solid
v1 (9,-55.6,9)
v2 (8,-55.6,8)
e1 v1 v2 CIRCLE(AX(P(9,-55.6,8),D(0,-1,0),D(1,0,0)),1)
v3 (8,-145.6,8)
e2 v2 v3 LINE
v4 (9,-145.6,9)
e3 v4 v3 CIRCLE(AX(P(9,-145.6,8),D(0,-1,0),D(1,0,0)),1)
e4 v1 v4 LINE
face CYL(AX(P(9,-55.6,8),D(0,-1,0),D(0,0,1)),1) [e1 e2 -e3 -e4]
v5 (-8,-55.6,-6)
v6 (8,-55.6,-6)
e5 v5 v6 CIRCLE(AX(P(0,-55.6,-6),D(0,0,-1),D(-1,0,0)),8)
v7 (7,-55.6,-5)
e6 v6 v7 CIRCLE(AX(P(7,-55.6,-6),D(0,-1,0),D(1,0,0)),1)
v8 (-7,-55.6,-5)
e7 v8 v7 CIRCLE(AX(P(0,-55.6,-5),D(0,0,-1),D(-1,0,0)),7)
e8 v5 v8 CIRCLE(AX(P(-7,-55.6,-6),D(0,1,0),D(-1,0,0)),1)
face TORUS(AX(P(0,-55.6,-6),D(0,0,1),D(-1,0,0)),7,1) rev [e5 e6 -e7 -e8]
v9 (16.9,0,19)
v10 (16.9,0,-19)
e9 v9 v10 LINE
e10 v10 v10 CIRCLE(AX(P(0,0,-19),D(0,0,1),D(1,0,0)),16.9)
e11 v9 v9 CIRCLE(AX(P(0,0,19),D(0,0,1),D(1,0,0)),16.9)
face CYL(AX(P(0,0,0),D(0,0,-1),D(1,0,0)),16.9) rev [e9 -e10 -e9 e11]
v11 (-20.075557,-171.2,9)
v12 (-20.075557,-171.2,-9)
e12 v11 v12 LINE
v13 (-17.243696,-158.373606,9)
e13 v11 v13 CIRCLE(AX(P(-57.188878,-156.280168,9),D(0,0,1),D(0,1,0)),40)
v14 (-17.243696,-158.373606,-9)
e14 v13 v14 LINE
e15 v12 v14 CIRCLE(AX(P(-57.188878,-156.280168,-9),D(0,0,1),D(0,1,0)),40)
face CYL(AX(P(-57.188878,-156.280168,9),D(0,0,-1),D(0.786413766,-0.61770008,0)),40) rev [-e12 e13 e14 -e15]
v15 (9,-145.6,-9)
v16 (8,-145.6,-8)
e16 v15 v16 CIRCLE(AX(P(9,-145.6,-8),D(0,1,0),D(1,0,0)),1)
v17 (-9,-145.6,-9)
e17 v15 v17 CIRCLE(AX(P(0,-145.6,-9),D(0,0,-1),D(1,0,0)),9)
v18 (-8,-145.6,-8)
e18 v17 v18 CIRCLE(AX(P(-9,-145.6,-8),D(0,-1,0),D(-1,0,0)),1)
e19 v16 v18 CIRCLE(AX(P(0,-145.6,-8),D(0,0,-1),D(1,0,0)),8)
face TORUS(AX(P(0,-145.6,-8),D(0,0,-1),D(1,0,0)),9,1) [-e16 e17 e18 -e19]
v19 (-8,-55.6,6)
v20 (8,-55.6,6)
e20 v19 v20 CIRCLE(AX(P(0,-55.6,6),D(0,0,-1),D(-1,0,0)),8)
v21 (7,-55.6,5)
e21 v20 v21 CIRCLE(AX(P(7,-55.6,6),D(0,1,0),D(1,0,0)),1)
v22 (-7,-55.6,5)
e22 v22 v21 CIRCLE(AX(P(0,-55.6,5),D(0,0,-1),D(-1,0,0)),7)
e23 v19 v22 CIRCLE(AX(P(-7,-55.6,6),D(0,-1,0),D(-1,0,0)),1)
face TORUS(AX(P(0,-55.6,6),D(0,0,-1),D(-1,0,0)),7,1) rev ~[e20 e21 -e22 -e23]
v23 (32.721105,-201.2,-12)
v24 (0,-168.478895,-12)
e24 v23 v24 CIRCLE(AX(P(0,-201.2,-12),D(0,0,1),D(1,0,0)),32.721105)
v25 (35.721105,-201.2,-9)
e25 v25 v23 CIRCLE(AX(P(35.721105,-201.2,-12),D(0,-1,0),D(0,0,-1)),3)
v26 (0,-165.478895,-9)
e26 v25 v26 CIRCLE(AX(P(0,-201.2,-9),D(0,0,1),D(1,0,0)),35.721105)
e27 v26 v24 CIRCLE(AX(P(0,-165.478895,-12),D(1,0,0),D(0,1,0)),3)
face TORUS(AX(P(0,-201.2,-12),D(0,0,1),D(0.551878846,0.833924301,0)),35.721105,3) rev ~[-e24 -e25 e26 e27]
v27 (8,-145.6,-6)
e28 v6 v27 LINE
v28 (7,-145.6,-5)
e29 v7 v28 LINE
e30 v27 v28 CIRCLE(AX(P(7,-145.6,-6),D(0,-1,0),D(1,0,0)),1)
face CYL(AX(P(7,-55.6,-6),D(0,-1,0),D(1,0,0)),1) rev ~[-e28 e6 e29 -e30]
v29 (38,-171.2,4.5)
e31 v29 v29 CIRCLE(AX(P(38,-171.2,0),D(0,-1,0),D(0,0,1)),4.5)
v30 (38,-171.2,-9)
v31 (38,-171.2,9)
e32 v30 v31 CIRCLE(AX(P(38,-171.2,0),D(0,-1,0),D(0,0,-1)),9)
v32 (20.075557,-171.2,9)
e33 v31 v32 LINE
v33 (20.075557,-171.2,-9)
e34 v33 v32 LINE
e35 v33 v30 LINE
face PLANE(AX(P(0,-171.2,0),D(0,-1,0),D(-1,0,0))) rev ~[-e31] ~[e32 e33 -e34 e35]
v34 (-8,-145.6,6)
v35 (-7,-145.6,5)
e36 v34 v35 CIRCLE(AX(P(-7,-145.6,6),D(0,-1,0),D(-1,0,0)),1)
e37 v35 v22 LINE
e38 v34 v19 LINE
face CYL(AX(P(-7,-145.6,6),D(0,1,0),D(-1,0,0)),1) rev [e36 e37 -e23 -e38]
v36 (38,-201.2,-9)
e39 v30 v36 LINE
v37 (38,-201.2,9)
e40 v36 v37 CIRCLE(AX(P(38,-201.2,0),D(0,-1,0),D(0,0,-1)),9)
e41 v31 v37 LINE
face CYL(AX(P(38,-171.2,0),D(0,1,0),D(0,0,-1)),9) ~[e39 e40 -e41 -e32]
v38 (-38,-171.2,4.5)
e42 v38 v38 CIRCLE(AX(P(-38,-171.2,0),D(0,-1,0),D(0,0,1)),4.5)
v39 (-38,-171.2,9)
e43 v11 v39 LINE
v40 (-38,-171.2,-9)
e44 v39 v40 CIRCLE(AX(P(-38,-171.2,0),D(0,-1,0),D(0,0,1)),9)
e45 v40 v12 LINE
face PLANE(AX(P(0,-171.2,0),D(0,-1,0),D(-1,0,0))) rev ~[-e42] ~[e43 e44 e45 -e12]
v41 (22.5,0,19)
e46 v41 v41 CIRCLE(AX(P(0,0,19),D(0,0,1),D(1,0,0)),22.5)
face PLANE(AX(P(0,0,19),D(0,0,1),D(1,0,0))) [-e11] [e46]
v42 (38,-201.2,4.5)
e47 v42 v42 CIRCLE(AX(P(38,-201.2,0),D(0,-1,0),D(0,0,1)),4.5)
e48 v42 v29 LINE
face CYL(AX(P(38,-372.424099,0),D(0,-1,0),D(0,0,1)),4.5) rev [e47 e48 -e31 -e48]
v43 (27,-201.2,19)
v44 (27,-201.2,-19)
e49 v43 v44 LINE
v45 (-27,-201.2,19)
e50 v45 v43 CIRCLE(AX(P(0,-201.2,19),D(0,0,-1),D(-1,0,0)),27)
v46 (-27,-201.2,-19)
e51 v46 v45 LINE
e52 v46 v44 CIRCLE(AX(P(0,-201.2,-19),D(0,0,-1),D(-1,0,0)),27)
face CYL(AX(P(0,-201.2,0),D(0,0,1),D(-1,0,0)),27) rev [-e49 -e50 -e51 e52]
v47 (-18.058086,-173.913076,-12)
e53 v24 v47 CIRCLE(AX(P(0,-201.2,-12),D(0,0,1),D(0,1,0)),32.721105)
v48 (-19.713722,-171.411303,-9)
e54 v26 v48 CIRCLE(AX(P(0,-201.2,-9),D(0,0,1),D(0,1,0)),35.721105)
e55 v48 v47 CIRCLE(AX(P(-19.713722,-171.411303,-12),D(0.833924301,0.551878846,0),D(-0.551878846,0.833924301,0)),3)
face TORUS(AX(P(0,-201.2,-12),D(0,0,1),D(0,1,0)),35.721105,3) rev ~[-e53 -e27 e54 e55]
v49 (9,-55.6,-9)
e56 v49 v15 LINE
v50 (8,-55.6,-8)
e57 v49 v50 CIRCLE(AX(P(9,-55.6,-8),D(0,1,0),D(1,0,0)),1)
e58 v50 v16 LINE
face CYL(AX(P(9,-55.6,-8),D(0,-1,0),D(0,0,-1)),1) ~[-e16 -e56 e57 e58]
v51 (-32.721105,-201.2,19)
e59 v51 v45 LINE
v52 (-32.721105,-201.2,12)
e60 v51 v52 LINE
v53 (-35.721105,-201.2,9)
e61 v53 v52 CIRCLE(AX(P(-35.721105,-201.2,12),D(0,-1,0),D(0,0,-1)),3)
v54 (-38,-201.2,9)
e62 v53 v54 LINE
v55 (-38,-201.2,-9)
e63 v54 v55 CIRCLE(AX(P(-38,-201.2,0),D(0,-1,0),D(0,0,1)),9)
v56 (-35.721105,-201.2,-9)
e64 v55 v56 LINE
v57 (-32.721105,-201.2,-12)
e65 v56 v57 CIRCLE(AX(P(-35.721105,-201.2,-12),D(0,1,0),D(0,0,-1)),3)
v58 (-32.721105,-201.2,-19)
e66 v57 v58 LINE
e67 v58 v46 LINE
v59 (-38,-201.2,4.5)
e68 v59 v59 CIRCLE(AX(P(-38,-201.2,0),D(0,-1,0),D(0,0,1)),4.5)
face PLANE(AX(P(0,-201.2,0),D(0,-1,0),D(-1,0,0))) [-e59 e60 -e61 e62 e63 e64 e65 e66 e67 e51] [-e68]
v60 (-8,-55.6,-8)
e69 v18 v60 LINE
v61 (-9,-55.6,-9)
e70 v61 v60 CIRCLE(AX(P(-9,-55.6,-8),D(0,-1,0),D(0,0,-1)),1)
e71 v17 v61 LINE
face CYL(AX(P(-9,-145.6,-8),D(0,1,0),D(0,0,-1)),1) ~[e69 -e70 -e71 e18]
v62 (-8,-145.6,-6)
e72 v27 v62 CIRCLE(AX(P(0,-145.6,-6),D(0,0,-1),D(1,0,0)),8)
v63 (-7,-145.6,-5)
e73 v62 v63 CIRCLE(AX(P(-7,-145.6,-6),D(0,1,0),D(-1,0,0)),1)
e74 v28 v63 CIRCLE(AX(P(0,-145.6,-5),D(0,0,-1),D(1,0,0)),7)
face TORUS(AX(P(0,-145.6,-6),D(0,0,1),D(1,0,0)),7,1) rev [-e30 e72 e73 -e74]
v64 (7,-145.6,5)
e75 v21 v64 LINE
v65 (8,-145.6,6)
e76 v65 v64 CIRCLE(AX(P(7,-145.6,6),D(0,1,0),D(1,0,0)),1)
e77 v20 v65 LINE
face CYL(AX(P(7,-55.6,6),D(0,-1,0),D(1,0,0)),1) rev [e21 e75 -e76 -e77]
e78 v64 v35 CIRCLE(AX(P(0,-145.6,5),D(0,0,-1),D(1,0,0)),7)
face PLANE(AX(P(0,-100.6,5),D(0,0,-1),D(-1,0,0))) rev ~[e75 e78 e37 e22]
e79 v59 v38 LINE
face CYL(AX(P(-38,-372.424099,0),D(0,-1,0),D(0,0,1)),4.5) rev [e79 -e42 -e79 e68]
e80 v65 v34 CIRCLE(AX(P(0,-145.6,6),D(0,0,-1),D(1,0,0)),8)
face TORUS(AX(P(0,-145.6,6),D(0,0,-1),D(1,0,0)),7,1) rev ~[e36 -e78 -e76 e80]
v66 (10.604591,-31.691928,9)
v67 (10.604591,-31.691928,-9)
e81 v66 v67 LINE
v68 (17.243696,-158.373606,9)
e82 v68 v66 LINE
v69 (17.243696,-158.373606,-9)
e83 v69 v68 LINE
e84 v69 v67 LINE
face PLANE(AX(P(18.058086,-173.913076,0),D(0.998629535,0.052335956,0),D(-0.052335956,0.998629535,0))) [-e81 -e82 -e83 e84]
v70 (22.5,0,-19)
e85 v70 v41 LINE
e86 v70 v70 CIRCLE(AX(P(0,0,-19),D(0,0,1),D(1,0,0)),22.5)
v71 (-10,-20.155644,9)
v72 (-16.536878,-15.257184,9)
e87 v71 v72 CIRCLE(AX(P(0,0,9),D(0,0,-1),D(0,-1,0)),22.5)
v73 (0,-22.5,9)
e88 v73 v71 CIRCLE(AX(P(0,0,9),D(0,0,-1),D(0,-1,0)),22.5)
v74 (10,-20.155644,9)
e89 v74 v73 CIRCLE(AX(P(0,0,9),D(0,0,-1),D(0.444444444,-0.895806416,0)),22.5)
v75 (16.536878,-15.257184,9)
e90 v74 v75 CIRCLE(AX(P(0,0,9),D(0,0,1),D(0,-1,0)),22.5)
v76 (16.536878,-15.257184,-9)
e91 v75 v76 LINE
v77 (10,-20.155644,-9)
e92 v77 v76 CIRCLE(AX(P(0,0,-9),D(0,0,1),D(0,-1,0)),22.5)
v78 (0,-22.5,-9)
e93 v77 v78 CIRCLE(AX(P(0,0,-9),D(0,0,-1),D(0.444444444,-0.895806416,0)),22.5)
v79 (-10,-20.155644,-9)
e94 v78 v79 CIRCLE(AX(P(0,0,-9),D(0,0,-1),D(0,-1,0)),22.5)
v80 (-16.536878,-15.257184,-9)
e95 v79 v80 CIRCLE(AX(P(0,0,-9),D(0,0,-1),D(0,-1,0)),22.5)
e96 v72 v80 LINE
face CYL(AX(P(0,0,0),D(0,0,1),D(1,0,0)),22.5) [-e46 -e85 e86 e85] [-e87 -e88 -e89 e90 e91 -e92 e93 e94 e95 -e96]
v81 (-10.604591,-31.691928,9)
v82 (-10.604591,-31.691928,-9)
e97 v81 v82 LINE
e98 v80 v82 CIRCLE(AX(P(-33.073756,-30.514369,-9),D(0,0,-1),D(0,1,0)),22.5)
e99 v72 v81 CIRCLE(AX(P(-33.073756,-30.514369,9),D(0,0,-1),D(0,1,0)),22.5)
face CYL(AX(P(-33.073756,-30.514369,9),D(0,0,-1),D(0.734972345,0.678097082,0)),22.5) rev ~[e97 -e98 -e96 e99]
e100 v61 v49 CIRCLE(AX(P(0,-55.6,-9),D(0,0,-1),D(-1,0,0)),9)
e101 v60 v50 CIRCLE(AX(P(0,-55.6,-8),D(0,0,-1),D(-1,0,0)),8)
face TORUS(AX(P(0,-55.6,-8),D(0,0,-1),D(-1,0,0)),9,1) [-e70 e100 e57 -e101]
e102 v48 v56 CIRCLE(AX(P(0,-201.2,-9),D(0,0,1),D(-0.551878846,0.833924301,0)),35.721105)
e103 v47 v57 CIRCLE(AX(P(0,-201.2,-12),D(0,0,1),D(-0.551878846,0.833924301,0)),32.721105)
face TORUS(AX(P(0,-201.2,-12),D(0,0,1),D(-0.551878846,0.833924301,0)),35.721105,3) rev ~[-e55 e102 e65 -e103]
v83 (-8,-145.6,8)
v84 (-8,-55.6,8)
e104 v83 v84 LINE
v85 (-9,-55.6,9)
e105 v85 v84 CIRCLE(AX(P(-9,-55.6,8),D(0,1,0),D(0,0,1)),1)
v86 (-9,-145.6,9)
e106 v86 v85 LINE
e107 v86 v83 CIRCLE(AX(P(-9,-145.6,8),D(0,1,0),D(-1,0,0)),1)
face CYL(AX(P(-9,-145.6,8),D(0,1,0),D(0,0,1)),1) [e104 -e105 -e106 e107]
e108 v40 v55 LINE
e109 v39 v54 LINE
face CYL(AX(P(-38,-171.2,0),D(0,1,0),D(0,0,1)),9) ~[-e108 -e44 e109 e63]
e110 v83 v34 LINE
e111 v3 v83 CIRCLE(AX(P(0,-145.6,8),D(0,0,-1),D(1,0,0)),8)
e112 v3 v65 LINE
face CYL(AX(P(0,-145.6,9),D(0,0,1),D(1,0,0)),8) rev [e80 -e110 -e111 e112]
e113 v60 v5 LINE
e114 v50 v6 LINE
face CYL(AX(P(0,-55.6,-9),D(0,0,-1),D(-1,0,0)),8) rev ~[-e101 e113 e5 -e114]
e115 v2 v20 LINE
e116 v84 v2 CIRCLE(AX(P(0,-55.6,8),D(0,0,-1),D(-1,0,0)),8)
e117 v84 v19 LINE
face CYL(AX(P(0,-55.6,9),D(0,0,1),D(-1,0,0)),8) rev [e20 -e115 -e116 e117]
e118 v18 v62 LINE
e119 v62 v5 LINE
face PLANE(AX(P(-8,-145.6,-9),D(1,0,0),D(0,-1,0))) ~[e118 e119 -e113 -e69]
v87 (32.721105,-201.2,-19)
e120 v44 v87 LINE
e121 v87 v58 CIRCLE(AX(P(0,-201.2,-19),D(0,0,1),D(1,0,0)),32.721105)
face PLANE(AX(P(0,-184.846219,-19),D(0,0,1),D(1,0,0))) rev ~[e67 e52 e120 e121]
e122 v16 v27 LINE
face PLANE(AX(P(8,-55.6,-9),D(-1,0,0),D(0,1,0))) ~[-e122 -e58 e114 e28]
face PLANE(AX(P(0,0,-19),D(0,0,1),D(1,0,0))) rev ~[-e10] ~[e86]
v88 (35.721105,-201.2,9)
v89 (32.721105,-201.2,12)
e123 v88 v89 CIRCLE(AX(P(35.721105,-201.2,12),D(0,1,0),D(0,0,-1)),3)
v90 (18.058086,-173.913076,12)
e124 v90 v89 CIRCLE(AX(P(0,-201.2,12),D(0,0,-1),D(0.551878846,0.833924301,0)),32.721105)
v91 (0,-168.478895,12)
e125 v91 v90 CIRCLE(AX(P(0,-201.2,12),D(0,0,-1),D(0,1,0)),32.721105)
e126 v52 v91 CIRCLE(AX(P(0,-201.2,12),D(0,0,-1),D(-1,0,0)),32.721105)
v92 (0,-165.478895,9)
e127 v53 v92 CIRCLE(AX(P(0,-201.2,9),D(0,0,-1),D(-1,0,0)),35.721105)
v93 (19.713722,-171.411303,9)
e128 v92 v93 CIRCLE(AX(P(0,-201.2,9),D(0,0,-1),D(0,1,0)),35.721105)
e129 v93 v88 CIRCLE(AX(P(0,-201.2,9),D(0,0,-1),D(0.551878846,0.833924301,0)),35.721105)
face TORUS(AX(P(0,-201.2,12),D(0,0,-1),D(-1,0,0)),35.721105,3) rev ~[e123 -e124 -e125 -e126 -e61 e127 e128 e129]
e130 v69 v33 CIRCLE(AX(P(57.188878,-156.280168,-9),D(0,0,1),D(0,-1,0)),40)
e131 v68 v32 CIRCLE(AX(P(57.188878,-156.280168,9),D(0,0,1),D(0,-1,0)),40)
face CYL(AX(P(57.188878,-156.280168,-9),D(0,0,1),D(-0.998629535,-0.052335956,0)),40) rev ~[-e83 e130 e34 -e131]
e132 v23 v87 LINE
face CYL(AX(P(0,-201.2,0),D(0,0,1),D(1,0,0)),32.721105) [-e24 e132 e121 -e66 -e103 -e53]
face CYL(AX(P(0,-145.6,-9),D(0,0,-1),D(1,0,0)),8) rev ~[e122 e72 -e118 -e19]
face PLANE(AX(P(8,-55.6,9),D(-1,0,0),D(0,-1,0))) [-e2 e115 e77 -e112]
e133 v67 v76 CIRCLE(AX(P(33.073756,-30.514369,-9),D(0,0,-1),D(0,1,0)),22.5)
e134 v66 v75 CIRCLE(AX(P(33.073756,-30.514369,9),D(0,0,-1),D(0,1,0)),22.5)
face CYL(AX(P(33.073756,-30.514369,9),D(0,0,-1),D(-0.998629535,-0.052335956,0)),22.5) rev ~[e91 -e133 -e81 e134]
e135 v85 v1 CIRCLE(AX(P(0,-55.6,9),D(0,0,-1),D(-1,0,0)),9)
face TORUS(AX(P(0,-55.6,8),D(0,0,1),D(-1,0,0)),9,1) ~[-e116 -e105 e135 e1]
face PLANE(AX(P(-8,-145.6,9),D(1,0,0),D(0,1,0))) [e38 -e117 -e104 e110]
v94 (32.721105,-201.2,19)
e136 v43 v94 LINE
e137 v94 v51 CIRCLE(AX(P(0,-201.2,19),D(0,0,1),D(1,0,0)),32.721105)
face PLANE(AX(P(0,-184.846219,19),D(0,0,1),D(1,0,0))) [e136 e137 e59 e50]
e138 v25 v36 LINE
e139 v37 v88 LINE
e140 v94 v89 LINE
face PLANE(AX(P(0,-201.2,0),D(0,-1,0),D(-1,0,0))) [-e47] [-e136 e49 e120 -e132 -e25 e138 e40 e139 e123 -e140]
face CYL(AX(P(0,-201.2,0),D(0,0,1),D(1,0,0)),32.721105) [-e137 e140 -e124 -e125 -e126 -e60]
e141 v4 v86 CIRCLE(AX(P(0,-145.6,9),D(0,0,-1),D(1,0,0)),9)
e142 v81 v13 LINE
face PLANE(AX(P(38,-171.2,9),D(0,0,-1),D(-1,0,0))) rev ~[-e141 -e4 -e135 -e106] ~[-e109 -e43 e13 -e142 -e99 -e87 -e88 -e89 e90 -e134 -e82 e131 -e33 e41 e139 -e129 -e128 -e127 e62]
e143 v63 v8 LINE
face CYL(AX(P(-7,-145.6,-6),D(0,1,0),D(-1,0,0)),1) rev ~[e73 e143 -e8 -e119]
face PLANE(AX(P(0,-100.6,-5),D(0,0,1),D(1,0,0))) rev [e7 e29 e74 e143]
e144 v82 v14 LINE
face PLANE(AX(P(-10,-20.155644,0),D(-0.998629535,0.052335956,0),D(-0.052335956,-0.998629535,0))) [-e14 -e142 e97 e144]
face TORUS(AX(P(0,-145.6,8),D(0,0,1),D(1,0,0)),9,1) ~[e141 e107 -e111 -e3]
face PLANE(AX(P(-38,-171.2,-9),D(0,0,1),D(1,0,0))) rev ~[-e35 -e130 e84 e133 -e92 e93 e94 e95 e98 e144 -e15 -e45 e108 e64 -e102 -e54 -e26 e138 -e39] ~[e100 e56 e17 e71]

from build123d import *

# Parameters (mm, degrees)
SKETCH1_R               = 22.5
SKETCH1_R_2             = 16.9
BOSS_EXTRUDE4_DEPTH     = 19
BOSS_EXTRUDE4_2_DEPTH   = 19
BOSS_EXTRUDE5_DEPTH     = 9
CUT_EXTRUDE1_DEPTH      = 4
FILLET1_R               = 1
FILLET2_R               = 40
FILLET3_R               = 22.5
BOSS_EXTRUDE6_DEPTH     = 30
CUT_EXTRUDE2_DEPTH      = 209.505251732
CUT_EXTRUDE2_DEPTH_BACK = 209.505251732
CUT_EXTRUDE3_DEPTH      = 201.224099449
CUT_EXTRUDE3_DEPTH_BACK = 201.224099449
SKETCH13_R              = 4.5
FILLET4_R               = 3


with BuildPart() as part:
    # Sketch1 → Boss-Extrude4 (new, symmetric)
    with BuildSketch(Plane.XY):
        Circle(SKETCH1_R)
        Circle(SKETCH1_R_2, mode=Mode.SUBTRACT)
    extrude(amount=BOSS_EXTRUDE4_DEPTH, both=True)



with BuildPart() as body_2:
    # Sketch1 → Boss-Extrude4 2 (new, symmetric)
    with BuildSketch(Plane.XY):
        with BuildLine():
            Line((-32.721104737, -201.2), (-27, -201.2))
            ThreePointArc((-27, -201.2), (0, -174.2), (27, -201.2))
            Line((27, -201.2), (32.721104737, -201.2))
            ThreePointArc((32.721104737, -201.2), (0, -168.478895263), (-32.721104737, -201.2))
        make_face()
    extrude(amount=BOSS_EXTRUDE4_2_DEPTH, both=True)


with BuildPart() as part_1:
    add(part.part)

    add(body_2.part)  # Boss-Extrude5 merges body 2
    # Sketch1<6> → Boss-Extrude5 (add, symmetric)
    with BuildSketch(Plane.XY):
        with BuildLine():
            ThreePointArc((10, -20.155644371), (5.135562367, -21.906072199), (0, -22.5))
            Line((0, -22.5), (0, -168.478895263))
            ThreePointArc((0, -168.478895263), (9.429008016, -169.866878498), (18.05808552, -173.913075611))
            Line((18.05808552, -173.913075611), (10, -20.155644371))
        make_face()
        with BuildLine():
            Line((0, -168.478895263), (0, -22.5))
            ThreePointArc((0, -22.5), (-5.135562367, -21.906072199), (-10, -20.155644371))
            Line((-10, -20.155644371), (-18.05808552, -173.913075611))
            ThreePointArc((-18.05808552, -173.913075611), (-9.429008016, -169.866878498), (0, -168.478895263))
        make_face()
    extrude(amount=BOSS_EXTRUDE5_DEPTH, both=True)

    # Sketch3 → Cut-Extrude1 (cut)
    with BuildSketch(Plane.XY.offset(9)):
        with BuildLine():
            Line((-8, -145.6), (-8, -55.6))
            ThreePointArc((-8, -55.6), (0, -47.6), (8, -55.6))
            Line((8, -55.6), (8, -145.6))
            ThreePointArc((8, -145.6), (0, -153.6), (-8, -145.6))
        make_face()
    cut_extrude1 = extrude(amount=-CUT_EXTRUDE1_DEPTH, mode=Mode.SUBTRACT)

    # Mirror1: Cut-Extrude1 across plane
    add(cut_extrude1.mirror(Plane.XY), mode=Mode.SUBTRACT)

    # Fillet1
    fillet1_edges = [part_1.edges().sort_by_distance(p)[0] for p in [
        (0, -153.6, 5),
        (-8, -100.6, 5),
        (0, -47.6, 5),
        (8, -100.6, 5),
        (0, -153.6, 9),
        (8, -100.6, 9),
        (0, -47.6, 9),
        (-8, -100.6, 9),
        (0, -153.6, -9),
        (8, -100.6, -9),
        (0, -47.6, -9),
        (-8, -100.6, -9),
        (0, -153.6, -5),
        (8, -100.6, -5),
        (0, -47.6, -5),
        (-8, -100.6, -5),
    ]]
    fillet(fillet1_edges, radius=FILLET1_R)

    # Fillet2
    fillet2_edges = [part_1.edges().sort_by_distance(p)[0] for p in [
        (-18.05808552, -173.913075611, 0),
        (18.05808552, -173.913075611, 0),
    ]]
    fillet(fillet2_edges, radius=FILLET2_R)

    # Fillet3
    fillet3_edges = [part_1.edges().sort_by_distance(p)[0] for p in [
        (10, -20.155644371, 0),
        (-10, -20.155644371, 0),
    ]]
    fillet(fillet3_edges, radius=FILLET3_R)

    # Sketch11 → Boss-Extrude6 (add)
    with BuildSketch(Plane(origin=(0, -171.2, 0), x_dir=(1, 0, 0), z_dir=(0, 1, 0))):
        with BuildLine():
            Line((-38, 9), (38, 9))
            ThreePointArc((38, 9), (47, 0), (38, -9))
            Line((38, -9), (-38, -9))
            ThreePointArc((-38, -9), (-47, 0), (-38, 9))
        make_face()
    extrude(amount=-BOSS_EXTRUDE6_DEPTH)

    # Sketch12 → Cut-Extrude2 (cut, two sides: drawn at the far end of the back side and taken through both)
    with BuildSketch(Plane.XY.offset(9).offset(-CUT_EXTRUDE2_DEPTH_BACK)):
        with BuildLine():
            Line((-27, -201.2), (27, -201.2))
            ThreePointArc((27, -201.2), (0, -174.2), (-27, -201.2))
        make_face()
    extrude(amount=CUT_EXTRUDE2_DEPTH + CUT_EXTRUDE2_DEPTH_BACK, mode=Mode.SUBTRACT)

    # Sketch13 → Cut-Extrude3 (cut, two sides: drawn at the far end of the back side and taken through both)
    with BuildSketch(Plane(origin=(0, -171.2, 0), x_dir=(1, 0, 0), z_dir=(0, 1, 0)).offset(-CUT_EXTRUDE3_DEPTH_BACK)):
        with Locations(Location((-38, 0, 0), (0, 0, 270))):
            Circle(SKETCH13_R)
        with Locations(Location((38, 0, 0), (0, 0, 270))):
            Circle(SKETCH13_R)
    extrude(amount=CUT_EXTRUDE3_DEPTH + CUT_EXTRUDE3_DEPTH_BACK, mode=Mode.SUBTRACT)

    # Fillet4
    fillet4_edges = [part_1.edges().sort_by_distance(p)[0] for p in [
        (0, -168.478895263, 9),
        (0, -168.478895263, -9),
    ]]
    fillet(fillet4_edges, radius=FILLET4_R)


solid = part_1.part
